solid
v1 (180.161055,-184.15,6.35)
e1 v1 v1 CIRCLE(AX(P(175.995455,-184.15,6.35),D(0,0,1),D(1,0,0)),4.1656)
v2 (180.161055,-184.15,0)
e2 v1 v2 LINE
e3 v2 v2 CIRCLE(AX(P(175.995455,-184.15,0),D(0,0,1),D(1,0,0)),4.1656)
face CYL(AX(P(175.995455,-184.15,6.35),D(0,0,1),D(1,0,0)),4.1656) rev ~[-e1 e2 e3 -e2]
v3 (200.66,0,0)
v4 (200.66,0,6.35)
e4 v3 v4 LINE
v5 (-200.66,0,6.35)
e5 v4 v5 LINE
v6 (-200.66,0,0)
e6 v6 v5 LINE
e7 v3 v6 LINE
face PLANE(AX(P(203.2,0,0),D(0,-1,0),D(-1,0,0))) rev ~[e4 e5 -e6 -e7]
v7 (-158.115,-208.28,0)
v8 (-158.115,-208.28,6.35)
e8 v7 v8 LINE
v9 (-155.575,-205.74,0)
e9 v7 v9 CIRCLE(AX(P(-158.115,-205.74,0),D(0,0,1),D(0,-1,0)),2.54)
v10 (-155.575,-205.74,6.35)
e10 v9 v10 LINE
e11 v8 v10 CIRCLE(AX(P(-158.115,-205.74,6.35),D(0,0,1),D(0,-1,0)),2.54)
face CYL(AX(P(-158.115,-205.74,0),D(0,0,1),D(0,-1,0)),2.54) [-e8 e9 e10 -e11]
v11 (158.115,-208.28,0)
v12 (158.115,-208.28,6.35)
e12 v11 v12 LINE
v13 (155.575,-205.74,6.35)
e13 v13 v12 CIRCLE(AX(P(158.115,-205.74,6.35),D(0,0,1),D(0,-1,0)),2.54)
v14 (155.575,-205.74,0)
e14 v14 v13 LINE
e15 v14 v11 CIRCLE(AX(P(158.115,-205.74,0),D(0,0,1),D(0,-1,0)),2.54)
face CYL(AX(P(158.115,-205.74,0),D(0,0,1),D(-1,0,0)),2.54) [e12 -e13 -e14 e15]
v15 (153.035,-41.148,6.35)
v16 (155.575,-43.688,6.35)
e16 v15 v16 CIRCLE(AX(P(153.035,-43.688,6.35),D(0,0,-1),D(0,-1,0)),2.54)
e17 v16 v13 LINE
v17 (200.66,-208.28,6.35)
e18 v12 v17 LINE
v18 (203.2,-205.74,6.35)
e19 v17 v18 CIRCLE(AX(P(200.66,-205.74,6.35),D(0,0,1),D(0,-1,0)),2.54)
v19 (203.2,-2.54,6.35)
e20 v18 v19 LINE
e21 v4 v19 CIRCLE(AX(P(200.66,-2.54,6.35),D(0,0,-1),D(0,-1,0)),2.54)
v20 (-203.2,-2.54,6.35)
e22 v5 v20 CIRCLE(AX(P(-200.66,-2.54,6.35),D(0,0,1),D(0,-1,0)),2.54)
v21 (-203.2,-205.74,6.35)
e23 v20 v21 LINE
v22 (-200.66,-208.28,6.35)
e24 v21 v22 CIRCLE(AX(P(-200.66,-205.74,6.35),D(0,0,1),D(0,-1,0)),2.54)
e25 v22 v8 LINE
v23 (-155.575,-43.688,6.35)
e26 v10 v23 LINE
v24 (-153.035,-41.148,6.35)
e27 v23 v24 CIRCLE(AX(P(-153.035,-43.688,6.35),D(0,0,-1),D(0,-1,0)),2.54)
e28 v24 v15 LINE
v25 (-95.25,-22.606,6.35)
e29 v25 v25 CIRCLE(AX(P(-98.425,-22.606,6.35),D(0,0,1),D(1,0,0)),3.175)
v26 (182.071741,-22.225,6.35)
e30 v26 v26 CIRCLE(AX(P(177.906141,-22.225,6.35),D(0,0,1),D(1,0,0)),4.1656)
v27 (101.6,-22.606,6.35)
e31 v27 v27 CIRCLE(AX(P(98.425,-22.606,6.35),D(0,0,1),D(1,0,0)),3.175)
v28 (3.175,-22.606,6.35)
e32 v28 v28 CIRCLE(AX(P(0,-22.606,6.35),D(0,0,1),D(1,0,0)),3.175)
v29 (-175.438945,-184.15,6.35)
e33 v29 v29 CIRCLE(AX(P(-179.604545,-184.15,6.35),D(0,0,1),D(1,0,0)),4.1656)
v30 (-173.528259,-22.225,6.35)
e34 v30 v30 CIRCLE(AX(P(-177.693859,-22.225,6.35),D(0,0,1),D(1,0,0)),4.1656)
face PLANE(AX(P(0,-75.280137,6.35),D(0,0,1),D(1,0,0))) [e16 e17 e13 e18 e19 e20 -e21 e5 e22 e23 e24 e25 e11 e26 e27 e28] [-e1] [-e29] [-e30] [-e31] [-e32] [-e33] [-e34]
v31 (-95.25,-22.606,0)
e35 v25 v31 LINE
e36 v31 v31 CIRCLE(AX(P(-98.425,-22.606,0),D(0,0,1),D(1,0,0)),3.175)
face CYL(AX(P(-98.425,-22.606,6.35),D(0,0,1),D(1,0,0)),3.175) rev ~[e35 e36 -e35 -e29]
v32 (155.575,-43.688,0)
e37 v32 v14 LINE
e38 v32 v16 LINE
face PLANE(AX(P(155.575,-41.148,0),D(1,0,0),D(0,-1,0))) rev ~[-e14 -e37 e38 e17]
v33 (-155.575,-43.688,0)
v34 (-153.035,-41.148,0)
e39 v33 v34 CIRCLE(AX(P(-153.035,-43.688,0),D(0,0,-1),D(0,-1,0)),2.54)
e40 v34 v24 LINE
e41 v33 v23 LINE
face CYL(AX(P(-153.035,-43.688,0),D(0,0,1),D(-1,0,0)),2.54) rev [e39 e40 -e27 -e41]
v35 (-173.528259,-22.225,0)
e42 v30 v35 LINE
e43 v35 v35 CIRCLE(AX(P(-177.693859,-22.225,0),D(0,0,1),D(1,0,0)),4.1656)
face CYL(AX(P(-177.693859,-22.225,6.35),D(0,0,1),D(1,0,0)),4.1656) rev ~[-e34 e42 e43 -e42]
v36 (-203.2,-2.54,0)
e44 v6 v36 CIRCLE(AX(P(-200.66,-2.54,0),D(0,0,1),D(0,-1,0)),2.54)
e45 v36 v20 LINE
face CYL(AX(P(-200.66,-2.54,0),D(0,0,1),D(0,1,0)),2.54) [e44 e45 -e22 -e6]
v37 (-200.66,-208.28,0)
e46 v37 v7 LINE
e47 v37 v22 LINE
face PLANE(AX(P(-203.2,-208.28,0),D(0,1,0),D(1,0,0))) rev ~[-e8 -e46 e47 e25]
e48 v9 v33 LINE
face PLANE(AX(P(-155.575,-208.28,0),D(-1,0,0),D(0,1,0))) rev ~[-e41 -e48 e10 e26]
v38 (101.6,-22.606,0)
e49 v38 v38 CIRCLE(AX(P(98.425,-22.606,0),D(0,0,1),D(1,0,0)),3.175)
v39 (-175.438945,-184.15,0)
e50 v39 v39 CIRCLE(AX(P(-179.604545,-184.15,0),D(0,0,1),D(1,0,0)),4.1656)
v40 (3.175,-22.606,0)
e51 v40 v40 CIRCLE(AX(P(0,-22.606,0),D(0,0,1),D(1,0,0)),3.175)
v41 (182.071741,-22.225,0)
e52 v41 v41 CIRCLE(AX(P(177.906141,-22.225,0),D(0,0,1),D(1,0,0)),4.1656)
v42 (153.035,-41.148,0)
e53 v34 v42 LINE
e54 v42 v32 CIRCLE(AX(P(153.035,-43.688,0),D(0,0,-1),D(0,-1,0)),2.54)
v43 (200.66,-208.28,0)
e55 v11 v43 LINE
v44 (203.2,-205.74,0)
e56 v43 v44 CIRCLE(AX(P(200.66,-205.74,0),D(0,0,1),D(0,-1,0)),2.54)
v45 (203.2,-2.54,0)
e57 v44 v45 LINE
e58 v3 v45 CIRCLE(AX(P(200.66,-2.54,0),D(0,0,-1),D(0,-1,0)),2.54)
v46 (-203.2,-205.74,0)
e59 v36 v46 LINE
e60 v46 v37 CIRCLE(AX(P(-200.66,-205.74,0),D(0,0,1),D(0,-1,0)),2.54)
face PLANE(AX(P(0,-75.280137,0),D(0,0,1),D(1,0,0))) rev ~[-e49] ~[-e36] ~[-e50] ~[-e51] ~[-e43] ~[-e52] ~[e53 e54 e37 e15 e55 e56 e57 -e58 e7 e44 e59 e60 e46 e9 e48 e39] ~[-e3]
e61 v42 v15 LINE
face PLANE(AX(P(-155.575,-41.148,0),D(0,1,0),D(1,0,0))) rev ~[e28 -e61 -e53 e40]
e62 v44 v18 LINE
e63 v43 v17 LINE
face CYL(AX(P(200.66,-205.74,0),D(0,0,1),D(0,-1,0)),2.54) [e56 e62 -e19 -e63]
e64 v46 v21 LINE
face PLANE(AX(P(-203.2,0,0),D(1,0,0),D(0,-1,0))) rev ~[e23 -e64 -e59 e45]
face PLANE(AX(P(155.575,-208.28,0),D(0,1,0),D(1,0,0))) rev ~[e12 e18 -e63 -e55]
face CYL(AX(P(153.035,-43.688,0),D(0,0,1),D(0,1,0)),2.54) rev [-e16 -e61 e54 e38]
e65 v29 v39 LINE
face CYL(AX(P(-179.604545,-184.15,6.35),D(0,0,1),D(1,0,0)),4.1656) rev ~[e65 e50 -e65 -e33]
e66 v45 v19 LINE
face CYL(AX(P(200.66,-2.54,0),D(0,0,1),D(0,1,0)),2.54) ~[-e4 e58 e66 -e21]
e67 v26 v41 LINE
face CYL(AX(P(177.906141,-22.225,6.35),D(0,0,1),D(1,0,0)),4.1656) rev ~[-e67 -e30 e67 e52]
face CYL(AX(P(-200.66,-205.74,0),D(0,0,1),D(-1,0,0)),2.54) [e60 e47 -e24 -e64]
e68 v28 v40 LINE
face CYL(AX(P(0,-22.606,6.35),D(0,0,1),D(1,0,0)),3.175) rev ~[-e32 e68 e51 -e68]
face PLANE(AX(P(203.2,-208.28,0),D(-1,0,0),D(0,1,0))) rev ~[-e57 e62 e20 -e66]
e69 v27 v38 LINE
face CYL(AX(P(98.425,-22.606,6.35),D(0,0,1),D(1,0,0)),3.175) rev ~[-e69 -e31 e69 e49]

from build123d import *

# Parameters (mm, degrees)
F1_DEPTH = 6.35
F2_R     = 2.54
F3_R     = 4.1656
F4_DEPTH = 25.4
F5_R     = 3.175
F6_DEPTH = 25.4


with BuildPart() as f1:
    # F0 (on Top) → F1 (new body)
    with BuildSketch(Plane.XY):
        Polygon((203.2, 0), (-203.2, 0), (-203.2, -208.28), (-155.575, -208.28), (-155.575, -41.148), (155.575, -41.148), (155.575, -208.28), (203.2, -208.28), align=None)
    extrude(amount=F1_DEPTH)

    # F2
    f2_edges = [f1.edges().sort_by_distance(p)[0] for p in [
        (-155.575, -41.148, 3.175),
        (155.575, -41.148, 3.175),
        (155.575, -208.28, 3.175),
        (-155.575, -208.28, 3.175),
        (-203.2, -208.28, 3.175),
        (203.2, -208.28, 3.175),
        (203.2, 0, 3.175),
        (-203.2, 0, 3.175),
    ]]
    fillet(f2_edges, radius=F2_R)

    # F3 (on face) → F4 (cut)
    with BuildSketch(Plane.XY.offset(6.35)):
        with Locations((-177.693859, -22.225)):
            Circle(F3_R)
        with Locations((-179.604545, -184.15)):
            Circle(F3_R)
        with Locations((177.906141, -22.225)):
            Circle(F3_R)
        with Locations((175.995455, -184.15)):
            Circle(F3_R)
    extrude(amount=-F4_DEPTH, mode=Mode.SUBTRACT)

    # F5 (on face) → F6 (cut)
    with BuildSketch(Plane.XY.offset(6.35)):
        with Locations((0, -22.606)):
            Circle(F5_R)
        with Locations((-98.425, -22.606)):
            Circle(F5_R)
        with Locations((98.425, -22.606)):
            Circle(F5_R)
    extrude(amount=-F6_DEPTH, mode=Mode.SUBTRACT)


solid = f1.part
